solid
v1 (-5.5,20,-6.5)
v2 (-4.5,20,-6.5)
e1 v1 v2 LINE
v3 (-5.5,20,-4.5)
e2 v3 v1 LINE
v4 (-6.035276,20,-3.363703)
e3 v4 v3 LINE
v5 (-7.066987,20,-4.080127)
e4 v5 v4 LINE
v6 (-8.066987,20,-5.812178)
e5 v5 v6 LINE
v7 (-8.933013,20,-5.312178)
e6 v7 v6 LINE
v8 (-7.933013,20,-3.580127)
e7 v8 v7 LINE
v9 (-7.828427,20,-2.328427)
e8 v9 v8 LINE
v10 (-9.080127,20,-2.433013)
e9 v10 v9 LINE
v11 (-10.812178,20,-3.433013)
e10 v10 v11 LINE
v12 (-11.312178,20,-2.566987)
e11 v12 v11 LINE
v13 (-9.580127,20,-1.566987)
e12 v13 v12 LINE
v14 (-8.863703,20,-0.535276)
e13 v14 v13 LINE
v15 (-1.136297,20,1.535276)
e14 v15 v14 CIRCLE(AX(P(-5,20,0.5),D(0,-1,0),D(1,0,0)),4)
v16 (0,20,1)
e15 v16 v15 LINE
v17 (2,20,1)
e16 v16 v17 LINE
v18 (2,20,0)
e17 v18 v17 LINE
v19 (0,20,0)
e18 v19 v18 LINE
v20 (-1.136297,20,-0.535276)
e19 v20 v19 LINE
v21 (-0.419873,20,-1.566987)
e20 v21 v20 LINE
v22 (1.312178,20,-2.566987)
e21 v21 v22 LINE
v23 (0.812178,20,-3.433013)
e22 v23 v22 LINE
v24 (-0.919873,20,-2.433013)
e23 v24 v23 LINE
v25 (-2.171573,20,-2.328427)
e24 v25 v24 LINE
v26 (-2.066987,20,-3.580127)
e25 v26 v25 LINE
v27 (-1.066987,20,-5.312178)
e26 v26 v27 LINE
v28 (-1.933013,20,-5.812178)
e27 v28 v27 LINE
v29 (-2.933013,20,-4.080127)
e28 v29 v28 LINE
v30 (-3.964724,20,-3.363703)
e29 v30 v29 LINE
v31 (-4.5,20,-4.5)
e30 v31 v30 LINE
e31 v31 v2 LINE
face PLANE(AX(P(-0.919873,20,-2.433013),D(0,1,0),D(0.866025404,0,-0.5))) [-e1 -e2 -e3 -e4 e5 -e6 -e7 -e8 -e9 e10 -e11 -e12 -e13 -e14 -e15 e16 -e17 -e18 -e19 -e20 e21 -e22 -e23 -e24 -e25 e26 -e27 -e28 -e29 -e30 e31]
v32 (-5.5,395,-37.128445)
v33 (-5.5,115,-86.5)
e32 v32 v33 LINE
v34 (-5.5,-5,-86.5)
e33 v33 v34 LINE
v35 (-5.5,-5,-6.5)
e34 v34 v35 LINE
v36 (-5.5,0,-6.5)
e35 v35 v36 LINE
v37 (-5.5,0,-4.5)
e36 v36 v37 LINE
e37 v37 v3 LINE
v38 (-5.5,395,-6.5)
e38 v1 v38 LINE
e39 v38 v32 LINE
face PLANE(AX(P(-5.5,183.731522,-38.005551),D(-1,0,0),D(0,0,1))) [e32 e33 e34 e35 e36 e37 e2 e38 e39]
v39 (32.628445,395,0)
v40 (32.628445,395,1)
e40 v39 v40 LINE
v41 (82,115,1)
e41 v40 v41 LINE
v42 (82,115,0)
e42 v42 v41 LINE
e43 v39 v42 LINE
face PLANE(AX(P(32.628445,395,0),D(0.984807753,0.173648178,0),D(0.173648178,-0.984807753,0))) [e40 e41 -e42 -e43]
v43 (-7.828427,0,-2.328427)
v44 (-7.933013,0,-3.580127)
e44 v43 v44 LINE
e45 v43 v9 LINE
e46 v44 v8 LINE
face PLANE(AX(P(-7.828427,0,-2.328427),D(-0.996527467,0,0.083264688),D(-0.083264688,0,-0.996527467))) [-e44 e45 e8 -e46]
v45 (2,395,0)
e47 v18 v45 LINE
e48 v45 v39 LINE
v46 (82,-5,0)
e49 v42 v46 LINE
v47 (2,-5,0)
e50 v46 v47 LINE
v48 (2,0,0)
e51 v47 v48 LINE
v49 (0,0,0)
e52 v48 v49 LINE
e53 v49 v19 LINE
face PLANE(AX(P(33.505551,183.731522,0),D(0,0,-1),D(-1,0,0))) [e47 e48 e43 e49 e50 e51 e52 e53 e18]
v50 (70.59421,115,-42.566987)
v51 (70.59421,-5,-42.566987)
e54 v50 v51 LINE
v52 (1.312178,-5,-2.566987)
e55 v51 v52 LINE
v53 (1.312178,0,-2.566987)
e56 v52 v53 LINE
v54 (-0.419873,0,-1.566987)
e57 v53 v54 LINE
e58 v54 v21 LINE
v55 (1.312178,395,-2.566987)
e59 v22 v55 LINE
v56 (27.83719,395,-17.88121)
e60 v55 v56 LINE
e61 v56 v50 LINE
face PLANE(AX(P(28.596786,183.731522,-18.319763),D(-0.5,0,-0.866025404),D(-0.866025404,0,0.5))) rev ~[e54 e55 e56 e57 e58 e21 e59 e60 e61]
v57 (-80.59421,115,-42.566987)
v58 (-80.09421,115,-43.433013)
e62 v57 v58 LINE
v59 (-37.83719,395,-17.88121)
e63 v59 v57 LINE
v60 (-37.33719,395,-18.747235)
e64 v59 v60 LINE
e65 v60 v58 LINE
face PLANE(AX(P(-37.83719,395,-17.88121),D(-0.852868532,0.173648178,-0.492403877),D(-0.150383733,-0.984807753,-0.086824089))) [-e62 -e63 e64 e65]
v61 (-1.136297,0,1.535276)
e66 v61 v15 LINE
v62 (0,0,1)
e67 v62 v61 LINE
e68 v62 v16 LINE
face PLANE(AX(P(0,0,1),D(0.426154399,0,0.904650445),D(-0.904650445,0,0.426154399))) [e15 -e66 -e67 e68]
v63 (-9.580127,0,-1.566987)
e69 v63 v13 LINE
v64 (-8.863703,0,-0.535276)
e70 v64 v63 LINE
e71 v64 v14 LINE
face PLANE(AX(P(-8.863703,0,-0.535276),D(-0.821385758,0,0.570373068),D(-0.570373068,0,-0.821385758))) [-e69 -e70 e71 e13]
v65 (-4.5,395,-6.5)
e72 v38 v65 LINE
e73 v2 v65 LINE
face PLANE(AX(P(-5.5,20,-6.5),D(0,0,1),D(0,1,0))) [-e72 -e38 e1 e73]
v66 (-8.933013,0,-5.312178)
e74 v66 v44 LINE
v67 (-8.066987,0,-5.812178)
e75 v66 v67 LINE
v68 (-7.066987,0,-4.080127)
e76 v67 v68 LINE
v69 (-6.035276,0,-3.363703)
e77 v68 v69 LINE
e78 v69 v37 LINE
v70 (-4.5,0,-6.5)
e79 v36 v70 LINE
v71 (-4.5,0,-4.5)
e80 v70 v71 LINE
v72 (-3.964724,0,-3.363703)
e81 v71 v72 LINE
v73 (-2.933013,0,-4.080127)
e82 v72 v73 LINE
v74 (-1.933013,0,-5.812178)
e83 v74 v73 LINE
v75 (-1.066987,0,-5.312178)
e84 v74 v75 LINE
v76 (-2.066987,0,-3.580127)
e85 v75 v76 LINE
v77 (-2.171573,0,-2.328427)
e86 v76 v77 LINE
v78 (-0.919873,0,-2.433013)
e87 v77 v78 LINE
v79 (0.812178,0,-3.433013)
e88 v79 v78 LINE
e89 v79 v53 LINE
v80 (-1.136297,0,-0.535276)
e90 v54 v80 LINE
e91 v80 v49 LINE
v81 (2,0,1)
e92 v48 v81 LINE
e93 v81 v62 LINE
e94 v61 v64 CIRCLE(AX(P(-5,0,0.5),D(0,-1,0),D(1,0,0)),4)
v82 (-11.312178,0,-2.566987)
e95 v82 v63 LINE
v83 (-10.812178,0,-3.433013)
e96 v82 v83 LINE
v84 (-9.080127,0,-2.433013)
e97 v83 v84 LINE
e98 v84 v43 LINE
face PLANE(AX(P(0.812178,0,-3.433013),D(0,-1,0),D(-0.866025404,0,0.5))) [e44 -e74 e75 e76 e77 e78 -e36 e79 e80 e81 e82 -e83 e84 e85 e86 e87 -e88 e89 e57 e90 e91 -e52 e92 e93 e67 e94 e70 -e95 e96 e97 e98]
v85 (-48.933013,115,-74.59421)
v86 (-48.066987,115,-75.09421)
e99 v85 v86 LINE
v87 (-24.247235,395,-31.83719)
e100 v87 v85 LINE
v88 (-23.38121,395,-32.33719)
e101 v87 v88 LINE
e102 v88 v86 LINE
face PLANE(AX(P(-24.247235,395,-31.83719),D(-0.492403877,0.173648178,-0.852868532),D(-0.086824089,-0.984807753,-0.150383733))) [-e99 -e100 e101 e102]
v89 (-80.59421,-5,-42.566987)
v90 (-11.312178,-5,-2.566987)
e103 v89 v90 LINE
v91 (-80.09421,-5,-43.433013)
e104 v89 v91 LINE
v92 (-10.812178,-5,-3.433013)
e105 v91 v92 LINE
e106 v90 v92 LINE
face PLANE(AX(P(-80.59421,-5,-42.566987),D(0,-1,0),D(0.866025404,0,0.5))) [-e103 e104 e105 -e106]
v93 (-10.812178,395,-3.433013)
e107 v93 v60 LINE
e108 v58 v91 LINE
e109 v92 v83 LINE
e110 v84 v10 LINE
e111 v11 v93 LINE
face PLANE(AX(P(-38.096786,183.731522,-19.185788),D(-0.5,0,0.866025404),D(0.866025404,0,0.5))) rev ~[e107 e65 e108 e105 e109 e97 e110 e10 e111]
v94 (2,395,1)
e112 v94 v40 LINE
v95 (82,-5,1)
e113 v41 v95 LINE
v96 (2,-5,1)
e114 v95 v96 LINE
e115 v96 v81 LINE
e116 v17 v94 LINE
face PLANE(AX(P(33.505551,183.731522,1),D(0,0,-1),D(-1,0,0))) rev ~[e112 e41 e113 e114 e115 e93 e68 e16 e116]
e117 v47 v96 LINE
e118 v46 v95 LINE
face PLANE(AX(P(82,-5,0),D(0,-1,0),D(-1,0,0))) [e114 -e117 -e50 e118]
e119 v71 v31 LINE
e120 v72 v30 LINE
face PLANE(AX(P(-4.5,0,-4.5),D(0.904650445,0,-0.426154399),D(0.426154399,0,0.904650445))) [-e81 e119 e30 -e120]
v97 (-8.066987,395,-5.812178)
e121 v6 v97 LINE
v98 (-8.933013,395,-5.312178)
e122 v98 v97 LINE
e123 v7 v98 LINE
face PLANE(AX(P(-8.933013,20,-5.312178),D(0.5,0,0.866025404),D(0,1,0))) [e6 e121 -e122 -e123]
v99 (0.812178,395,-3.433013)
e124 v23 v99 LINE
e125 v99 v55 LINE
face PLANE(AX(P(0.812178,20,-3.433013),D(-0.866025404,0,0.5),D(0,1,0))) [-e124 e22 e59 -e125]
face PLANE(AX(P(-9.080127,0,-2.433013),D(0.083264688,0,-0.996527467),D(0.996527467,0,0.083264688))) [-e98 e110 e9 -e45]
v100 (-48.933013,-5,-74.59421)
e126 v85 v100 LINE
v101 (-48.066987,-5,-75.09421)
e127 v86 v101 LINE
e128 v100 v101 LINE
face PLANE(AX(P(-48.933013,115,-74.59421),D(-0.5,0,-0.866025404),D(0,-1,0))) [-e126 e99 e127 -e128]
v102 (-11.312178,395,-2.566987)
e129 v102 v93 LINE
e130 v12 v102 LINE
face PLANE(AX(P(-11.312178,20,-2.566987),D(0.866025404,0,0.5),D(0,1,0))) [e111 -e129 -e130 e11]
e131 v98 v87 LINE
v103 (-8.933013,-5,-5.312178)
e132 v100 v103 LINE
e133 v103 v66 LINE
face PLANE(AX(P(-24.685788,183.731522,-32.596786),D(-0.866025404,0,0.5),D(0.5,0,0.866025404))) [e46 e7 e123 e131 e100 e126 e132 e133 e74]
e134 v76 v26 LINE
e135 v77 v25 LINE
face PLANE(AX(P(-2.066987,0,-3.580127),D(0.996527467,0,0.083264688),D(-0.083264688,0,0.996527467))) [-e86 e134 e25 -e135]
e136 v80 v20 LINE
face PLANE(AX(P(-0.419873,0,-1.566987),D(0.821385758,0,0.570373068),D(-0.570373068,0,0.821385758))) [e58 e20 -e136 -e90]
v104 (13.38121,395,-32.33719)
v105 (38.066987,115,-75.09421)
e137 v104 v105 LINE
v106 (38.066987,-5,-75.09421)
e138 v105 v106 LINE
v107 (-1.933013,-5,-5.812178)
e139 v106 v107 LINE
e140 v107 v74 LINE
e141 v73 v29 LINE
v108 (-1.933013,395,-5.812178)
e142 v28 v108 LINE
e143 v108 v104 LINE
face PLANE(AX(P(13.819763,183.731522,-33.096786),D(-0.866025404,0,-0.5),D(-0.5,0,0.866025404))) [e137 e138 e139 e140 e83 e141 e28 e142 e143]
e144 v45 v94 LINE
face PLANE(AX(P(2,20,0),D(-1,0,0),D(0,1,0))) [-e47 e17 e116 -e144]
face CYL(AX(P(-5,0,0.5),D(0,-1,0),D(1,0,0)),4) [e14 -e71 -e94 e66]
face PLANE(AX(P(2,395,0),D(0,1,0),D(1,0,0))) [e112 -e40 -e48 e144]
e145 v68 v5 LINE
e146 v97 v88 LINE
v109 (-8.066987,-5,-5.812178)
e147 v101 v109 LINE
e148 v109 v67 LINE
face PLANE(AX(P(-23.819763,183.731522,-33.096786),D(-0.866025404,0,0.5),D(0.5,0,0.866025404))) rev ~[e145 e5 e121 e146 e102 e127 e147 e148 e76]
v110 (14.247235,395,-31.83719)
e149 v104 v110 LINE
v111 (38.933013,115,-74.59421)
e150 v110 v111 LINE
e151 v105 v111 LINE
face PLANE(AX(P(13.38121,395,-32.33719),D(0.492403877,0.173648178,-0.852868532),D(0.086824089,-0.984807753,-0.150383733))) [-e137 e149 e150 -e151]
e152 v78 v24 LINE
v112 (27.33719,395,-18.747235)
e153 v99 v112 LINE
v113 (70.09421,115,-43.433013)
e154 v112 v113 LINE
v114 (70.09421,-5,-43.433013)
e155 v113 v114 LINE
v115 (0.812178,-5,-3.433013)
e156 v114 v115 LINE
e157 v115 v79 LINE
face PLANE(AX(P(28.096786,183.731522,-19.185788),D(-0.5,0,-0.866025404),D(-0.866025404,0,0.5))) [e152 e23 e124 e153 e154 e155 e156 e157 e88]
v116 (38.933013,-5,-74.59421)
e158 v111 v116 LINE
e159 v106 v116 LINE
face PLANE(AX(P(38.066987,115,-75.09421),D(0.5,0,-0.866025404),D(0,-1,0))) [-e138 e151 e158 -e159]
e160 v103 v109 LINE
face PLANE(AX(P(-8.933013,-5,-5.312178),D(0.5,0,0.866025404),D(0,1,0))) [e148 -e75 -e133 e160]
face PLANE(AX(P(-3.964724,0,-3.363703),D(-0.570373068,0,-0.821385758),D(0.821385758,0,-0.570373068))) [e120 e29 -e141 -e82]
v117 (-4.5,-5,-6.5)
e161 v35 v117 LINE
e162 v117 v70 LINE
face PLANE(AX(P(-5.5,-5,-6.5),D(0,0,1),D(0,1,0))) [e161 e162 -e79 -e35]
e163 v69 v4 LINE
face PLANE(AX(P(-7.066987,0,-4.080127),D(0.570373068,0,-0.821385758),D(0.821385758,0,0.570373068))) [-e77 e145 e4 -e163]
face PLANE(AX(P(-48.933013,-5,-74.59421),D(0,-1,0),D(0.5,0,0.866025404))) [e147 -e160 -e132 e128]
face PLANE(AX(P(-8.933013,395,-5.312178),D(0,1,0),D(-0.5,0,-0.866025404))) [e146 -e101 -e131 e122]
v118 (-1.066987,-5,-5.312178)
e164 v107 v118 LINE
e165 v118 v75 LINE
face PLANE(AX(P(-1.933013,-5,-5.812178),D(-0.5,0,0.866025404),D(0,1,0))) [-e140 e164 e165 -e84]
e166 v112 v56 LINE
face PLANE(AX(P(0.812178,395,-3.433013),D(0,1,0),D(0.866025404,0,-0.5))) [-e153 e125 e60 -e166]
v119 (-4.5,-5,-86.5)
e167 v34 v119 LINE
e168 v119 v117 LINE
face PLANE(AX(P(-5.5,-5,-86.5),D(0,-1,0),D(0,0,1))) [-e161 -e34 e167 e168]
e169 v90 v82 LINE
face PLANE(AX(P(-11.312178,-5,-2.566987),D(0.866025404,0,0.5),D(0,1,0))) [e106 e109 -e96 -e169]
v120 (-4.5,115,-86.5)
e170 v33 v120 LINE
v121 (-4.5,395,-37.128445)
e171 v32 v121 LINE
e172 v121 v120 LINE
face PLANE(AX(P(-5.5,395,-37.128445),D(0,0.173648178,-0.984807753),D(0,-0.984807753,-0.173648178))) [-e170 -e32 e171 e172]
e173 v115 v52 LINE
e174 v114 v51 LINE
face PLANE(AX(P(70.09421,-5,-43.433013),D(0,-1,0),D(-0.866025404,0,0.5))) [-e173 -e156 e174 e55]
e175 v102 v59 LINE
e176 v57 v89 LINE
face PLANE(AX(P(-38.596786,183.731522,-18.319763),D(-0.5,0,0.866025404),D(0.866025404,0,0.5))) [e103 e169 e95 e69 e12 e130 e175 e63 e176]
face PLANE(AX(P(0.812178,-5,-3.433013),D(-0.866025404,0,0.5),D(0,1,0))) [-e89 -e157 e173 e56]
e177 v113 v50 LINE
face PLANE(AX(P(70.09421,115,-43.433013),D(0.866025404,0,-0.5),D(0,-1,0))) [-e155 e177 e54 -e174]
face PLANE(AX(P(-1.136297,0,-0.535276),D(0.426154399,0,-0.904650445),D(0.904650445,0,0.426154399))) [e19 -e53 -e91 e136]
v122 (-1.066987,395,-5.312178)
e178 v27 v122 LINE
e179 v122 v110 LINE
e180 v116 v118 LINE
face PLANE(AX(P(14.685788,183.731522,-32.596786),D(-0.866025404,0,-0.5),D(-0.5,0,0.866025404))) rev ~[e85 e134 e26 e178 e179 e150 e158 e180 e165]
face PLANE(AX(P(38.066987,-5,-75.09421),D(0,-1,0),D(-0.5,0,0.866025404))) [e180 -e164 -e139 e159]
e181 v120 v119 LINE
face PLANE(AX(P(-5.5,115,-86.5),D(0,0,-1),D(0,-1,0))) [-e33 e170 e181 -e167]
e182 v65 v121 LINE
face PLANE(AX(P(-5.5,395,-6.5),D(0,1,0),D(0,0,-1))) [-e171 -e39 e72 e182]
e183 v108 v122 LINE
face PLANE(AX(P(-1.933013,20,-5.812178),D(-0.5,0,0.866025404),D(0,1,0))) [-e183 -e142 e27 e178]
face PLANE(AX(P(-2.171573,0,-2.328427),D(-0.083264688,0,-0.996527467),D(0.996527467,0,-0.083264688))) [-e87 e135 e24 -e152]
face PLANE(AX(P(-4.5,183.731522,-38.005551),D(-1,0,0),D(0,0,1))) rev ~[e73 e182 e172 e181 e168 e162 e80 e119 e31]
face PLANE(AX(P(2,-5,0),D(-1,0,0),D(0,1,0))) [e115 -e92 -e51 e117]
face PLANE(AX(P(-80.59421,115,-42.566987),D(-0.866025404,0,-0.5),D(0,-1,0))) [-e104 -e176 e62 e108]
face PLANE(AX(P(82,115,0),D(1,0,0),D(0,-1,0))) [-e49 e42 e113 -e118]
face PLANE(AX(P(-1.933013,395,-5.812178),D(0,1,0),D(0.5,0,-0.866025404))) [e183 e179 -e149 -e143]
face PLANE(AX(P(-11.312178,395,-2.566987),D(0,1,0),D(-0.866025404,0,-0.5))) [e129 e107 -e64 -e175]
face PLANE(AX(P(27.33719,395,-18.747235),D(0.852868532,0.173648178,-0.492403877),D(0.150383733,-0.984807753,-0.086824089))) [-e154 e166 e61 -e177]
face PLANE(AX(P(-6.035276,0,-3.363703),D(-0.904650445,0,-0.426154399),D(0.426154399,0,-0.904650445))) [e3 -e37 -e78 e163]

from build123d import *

# Parameters (mm, degrees)
BOSS_EXTRUDE1_DEPTH = 1
BOSS_EXTRUDE2_START = -5
SKETCH2_R           = 4
BOSS_EXTRUDE2_DEPTH = 20
BOSS_EXTRUDE3_DEPTH = 20
CIRPATTERN1_COUNT   = 6
CIRPATTERN1_ANGLE   = 150
CIRPATTERN2_COUNT   = 7
CIRPATTERN2_ANGLE   = 180


with BuildPart() as part:
    # Sketch1 → Boss-Extrude1 (new body)
    with BuildSketch(Plane.XY):
        Polygon((0, 0), (0, 20), (2, 20), (2, 395), (32.628445402, 395), (82, 115), (82, -5), (2, -5), (2, 0), align=None)
    boss_extrude1 = extrude(amount=BOSS_EXTRUDE1_DEPTH)



with BuildPart() as body_2:
    # Sketch2 → Boss-Extrude2 (new body)
    with BuildSketch(Plane.XZ.offset(5).offset(BOSS_EXTRUDE2_START)):
        with Locations((-5, 0.5)):
            Circle(SKETCH2_R)
    extrude(amount=-BOSS_EXTRUDE2_DEPTH)


with BuildPart() as part_1:
    add(part.part)

    add(body_2.part)  # Boss-Extrude3 merges body 2
    # Sketch3 → Boss-Extrude3 (add)
    with BuildSketch(Plane.XZ):
        with BuildLine():
            Line((0, 1), (-1.136296695, 1.53527618))
            ThreePointArc((-1.136296695, 1.53527618), (-1, 0.5), (-1.136296695, -0.53527618))
            Line((-1.136296695, -0.53527618), (0, 0))
            Line((0, 0), (0, 1))
        make_face()
    boss_extrude3 = extrude(amount=-BOSS_EXTRUDE3_DEPTH)

    # CirPattern1: Boss-Extrude3 ×6 about axis
    cirpattern1_axis = Axis((-5, 0, 0.5), (0, 1, 0))
    for i in range(1, CIRPATTERN1_COUNT):
        add(boss_extrude3.rotate(cirpattern1_axis, i * CIRPATTERN1_ANGLE / (CIRPATTERN1_COUNT - 1)))

    # CirPattern2: Boss-Extrude1 ×7 about axis, 1 skipped
    cirpattern2_axis = Axis((-5, 0, 0.5), (0, 1, 0))
    add([boss_extrude1.rotate(cirpattern2_axis, i * CIRPATTERN2_ANGLE / (CIRPATTERN2_COUNT - 1)) for i in range(1, CIRPATTERN2_COUNT) if i not in (6,)])


solid = part_1.part
